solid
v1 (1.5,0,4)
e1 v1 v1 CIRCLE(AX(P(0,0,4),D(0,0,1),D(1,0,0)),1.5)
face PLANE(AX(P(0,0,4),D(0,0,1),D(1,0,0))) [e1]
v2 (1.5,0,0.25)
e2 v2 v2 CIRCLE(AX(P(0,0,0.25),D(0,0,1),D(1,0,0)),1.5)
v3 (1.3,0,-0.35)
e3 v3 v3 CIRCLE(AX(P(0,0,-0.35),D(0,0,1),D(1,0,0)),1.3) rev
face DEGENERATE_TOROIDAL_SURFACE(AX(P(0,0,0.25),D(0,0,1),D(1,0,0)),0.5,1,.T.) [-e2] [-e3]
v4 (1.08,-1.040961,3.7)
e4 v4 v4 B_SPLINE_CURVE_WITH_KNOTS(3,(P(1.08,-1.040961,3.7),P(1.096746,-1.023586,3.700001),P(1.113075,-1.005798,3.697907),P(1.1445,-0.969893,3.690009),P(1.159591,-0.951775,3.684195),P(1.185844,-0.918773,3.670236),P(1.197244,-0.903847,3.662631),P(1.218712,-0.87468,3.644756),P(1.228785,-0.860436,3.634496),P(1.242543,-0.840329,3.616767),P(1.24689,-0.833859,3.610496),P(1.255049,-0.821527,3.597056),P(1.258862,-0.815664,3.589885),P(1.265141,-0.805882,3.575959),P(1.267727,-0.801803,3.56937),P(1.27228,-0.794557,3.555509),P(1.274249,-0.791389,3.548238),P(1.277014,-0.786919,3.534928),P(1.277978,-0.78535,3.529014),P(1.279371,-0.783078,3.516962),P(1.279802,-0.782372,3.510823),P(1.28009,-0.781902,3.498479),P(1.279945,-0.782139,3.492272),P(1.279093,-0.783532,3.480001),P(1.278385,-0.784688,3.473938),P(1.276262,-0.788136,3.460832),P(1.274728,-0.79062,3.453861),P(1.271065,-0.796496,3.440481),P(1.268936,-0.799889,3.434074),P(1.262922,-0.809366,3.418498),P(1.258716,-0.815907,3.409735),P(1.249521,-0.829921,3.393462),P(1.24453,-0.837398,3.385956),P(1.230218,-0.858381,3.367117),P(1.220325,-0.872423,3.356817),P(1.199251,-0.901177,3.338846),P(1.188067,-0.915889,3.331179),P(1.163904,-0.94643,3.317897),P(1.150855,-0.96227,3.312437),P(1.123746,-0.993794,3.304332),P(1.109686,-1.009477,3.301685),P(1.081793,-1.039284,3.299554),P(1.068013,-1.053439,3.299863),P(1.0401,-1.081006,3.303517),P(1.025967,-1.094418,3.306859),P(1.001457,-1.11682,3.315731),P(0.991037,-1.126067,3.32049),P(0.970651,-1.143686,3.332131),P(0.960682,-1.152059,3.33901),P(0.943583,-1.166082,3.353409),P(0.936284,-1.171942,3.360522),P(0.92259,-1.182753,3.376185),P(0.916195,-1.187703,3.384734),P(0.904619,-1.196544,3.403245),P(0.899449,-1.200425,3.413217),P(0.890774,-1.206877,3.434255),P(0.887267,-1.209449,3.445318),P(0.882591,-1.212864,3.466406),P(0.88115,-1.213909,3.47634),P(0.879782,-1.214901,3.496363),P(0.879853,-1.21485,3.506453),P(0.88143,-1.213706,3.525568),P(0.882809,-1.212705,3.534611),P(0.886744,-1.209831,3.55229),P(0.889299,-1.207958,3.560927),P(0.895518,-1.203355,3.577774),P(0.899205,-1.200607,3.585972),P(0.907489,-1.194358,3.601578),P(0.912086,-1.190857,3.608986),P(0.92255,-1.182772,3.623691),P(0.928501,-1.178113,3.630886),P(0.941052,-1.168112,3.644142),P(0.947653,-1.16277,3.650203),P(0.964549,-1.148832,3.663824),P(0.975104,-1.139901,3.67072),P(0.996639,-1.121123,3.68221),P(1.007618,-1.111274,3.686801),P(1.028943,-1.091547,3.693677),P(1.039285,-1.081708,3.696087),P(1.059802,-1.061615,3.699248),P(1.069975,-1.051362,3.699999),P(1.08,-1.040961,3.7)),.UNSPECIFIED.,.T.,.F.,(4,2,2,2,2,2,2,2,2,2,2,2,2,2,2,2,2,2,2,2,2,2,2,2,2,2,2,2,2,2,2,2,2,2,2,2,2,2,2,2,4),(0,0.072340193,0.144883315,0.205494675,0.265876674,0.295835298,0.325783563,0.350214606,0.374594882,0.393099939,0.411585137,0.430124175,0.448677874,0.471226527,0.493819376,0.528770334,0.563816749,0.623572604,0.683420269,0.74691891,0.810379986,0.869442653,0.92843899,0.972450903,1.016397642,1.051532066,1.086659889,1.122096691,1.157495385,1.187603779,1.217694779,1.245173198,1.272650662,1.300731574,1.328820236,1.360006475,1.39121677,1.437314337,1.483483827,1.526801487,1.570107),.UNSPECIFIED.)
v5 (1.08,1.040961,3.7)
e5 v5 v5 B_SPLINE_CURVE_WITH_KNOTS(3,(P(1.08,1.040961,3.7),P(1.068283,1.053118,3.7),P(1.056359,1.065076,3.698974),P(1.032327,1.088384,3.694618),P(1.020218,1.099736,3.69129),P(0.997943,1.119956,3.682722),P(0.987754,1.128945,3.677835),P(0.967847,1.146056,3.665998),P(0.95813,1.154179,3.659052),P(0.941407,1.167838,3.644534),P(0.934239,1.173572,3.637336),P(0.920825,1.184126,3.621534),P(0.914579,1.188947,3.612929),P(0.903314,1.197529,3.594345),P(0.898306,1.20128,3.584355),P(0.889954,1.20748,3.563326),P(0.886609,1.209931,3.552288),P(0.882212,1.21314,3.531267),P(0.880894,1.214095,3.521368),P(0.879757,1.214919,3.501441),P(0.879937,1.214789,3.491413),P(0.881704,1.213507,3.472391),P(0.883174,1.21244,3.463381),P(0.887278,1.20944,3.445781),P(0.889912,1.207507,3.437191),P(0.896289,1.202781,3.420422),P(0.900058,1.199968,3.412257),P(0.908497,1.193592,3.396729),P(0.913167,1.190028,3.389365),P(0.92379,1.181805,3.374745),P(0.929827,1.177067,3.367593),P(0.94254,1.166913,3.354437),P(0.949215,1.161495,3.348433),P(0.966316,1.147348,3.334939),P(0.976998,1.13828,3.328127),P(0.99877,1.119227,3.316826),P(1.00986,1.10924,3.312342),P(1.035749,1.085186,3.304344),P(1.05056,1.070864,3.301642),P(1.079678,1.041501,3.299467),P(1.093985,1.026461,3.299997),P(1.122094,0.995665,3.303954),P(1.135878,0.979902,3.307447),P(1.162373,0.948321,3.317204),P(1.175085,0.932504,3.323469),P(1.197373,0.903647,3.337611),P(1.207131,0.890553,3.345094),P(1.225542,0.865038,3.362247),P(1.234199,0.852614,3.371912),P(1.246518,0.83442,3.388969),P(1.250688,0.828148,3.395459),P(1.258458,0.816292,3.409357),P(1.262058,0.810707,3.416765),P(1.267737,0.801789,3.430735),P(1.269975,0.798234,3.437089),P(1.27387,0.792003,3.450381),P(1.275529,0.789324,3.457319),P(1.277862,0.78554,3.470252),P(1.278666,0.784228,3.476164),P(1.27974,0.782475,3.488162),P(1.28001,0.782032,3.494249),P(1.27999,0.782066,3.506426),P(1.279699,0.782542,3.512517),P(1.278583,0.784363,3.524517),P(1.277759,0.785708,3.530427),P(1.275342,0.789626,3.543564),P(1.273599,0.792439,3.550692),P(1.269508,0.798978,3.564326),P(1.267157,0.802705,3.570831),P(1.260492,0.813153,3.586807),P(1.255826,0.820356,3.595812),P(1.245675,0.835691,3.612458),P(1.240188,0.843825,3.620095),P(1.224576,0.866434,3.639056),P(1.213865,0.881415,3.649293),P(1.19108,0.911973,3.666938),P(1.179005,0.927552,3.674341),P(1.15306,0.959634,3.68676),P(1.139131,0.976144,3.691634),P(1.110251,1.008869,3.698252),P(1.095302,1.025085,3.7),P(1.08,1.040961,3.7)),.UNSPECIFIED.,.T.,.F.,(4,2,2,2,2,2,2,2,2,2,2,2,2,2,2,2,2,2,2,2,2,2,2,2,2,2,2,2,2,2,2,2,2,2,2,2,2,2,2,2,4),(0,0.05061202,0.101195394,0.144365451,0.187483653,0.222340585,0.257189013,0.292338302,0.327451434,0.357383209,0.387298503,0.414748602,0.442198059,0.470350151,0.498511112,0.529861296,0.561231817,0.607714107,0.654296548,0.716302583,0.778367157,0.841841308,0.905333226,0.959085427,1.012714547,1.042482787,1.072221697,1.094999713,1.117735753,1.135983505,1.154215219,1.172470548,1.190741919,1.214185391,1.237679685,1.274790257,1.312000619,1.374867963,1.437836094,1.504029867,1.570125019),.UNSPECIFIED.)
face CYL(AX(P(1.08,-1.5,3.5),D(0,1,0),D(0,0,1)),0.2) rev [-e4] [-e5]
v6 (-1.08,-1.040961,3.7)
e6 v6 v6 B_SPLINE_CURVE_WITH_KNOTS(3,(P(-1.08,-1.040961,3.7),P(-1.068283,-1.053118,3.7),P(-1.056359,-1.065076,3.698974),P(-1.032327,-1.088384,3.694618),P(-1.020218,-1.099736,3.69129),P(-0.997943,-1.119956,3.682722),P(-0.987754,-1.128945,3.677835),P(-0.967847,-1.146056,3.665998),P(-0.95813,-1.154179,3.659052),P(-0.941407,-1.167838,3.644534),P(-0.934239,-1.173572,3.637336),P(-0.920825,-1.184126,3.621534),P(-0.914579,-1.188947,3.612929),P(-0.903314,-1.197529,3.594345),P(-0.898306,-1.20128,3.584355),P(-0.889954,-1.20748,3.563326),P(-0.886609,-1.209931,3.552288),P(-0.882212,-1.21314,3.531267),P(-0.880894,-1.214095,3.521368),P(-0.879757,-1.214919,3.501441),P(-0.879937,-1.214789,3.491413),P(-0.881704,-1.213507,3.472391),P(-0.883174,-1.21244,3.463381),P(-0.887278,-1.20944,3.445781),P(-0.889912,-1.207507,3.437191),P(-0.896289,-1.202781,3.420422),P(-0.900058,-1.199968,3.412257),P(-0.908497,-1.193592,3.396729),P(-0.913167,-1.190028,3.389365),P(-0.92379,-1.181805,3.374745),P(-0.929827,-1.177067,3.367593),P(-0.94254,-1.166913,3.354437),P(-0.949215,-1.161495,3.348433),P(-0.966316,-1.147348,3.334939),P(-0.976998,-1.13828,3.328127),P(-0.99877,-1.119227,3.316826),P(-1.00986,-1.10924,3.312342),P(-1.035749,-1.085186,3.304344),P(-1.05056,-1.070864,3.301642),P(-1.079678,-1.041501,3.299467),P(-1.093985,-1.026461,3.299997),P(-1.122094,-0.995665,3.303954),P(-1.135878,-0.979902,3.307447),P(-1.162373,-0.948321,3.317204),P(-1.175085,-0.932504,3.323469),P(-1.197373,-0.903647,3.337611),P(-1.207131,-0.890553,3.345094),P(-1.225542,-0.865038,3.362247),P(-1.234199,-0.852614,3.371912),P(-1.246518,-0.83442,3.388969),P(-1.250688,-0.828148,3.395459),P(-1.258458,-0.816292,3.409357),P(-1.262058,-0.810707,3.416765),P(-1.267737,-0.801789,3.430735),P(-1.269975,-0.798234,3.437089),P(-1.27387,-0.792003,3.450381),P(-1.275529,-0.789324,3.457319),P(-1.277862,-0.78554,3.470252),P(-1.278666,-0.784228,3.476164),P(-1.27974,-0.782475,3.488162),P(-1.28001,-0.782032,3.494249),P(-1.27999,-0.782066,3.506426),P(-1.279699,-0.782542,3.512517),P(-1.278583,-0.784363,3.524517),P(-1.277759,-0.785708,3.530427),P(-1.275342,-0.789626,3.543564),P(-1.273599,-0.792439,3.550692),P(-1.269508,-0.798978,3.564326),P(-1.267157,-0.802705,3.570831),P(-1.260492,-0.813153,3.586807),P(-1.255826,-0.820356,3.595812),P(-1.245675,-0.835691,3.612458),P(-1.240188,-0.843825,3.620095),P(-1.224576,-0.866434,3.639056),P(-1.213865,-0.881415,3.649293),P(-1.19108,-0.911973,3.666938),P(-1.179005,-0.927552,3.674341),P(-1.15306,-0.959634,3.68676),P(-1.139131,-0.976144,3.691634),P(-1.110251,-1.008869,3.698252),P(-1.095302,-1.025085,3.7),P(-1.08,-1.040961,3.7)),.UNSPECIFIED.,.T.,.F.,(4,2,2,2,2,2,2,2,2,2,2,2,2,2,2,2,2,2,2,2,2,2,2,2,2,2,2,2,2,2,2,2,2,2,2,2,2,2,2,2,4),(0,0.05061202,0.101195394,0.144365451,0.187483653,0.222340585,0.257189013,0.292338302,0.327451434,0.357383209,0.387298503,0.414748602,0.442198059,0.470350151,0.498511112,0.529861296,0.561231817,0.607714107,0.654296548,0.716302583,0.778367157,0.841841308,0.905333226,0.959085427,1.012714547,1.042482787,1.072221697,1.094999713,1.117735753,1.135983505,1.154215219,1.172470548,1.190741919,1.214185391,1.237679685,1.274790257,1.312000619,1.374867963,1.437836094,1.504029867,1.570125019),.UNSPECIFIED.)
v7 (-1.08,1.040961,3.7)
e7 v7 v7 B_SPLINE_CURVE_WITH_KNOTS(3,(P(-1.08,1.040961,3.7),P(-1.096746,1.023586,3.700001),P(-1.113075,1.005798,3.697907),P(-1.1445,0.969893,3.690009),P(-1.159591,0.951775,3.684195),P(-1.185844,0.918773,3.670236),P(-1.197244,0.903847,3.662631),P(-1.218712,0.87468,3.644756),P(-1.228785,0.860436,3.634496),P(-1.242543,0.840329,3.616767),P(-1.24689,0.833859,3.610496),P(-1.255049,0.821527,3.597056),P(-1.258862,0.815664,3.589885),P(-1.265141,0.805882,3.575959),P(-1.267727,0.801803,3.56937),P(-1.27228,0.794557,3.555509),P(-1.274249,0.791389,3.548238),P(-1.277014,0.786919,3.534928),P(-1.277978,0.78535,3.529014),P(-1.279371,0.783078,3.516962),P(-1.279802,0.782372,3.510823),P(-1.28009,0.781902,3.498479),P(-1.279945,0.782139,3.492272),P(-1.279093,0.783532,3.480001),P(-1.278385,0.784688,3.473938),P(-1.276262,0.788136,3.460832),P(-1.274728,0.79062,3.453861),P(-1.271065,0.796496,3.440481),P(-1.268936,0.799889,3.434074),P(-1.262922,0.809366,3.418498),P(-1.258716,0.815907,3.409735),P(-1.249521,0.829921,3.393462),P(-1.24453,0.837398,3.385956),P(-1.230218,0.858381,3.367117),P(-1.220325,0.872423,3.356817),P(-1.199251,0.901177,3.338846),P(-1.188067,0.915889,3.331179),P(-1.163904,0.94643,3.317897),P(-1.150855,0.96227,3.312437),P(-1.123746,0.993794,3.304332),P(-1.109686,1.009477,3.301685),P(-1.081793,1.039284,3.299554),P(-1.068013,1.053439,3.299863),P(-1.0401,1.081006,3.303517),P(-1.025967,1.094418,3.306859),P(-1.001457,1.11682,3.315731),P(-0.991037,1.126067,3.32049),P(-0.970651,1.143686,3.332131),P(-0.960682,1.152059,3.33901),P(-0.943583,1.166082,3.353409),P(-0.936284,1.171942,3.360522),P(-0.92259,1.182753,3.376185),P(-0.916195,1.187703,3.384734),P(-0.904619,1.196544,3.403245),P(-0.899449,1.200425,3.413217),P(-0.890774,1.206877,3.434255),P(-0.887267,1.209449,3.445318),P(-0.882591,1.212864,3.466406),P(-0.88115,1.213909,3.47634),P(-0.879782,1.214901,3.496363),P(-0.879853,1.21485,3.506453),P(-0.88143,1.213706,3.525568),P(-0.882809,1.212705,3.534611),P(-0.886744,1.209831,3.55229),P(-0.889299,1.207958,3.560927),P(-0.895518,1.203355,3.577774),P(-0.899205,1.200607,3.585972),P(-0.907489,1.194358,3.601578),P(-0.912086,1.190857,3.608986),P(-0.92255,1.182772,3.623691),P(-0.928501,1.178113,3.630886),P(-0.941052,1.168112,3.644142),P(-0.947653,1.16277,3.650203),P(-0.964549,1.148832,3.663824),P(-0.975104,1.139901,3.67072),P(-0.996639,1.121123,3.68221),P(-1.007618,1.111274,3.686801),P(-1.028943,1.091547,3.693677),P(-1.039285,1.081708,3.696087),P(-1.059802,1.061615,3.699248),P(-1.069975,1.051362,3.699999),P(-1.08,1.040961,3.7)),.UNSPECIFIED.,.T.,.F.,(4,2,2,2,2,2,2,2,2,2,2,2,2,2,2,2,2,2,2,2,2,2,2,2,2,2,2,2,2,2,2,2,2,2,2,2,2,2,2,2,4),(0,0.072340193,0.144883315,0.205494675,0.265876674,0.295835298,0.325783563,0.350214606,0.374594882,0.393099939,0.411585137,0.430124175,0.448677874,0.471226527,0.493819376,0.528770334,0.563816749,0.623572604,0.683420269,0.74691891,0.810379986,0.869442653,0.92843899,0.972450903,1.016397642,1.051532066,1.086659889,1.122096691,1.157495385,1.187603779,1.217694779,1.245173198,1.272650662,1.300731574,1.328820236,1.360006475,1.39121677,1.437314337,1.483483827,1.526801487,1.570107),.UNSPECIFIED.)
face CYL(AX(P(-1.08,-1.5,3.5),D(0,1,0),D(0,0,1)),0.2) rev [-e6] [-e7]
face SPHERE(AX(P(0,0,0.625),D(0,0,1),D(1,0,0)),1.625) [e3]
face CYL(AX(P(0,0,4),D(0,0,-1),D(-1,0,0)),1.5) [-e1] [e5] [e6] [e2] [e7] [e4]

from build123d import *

# Parameters (mm, degrees)
SKETCH1_R               = 1.5
BOSS_EXTRUDE1_DEPTH     = 4
DOME1_FACE_RADIUS       = 1.5
DOME1_HEIGHT            = 1
FILLET1_R               = 1
CUT_EXTRUDE1_DEPTH      = 5.52769433
CUT_EXTRUDE1_DEPTH_BACK = 5.52769433
SKETCH3_R               = 0.2


with BuildPart() as part:
    # Sketch1 → Boss-Extrude1 (new body)
    with BuildSketch(Plane.XY):
        Circle(SKETCH1_R)
    extrude(amount=BOSS_EXTRUDE1_DEPTH)

    # Dome1: a dome of height H over a round flat face of radius A is a cap of a sphere of radius (A * A + H * H) / (2 * H)
    dome1_r = (DOME1_FACE_RADIUS * DOME1_FACE_RADIUS + DOME1_HEIGHT * DOME1_HEIGHT) / (2 * DOME1_HEIGHT)
    dome1_base = Plane((0, 0, 0), z_dir=(0, 0, -1))
    with Locations(dome1_base.offset(DOME1_HEIGHT - dome1_r)):
        dome1_ball = Sphere(dome1_r, mode=Mode.PRIVATE)
    add(split(dome1_ball, bisect_by=dome1_base, keep=Keep.TOP, mode=Mode.PRIVATE))

    # Fillet1
    fillet1_edges = [part.edges().sort_by_distance(p)[0] for p in [
        (0, 1.5, 0),
    ]]
    fillet(fillet1_edges, radius=FILLET1_R)

    # Sketch3 → Cut-Extrude1 (cut, two sides: drawn at the far end of the back side and taken through both)
    with BuildSketch(Plane(origin=(0, 0, 0), x_dir=(1, 0, 0), z_dir=(0, 1, 0)).offset(-CUT_EXTRUDE1_DEPTH_BACK)):
        with Locations(Location((1.08, -3.5, 0), (0, 0, 270))):
            Circle(SKETCH3_R)
        with Locations(Location((-1.08, -3.5, 0), (0, 0, 270))):
            Circle(SKETCH3_R)
    extrude(amount=CUT_EXTRUDE1_DEPTH + CUT_EXTRUDE1_DEPTH_BACK, mode=Mode.SUBTRACT)


solid = part.part
